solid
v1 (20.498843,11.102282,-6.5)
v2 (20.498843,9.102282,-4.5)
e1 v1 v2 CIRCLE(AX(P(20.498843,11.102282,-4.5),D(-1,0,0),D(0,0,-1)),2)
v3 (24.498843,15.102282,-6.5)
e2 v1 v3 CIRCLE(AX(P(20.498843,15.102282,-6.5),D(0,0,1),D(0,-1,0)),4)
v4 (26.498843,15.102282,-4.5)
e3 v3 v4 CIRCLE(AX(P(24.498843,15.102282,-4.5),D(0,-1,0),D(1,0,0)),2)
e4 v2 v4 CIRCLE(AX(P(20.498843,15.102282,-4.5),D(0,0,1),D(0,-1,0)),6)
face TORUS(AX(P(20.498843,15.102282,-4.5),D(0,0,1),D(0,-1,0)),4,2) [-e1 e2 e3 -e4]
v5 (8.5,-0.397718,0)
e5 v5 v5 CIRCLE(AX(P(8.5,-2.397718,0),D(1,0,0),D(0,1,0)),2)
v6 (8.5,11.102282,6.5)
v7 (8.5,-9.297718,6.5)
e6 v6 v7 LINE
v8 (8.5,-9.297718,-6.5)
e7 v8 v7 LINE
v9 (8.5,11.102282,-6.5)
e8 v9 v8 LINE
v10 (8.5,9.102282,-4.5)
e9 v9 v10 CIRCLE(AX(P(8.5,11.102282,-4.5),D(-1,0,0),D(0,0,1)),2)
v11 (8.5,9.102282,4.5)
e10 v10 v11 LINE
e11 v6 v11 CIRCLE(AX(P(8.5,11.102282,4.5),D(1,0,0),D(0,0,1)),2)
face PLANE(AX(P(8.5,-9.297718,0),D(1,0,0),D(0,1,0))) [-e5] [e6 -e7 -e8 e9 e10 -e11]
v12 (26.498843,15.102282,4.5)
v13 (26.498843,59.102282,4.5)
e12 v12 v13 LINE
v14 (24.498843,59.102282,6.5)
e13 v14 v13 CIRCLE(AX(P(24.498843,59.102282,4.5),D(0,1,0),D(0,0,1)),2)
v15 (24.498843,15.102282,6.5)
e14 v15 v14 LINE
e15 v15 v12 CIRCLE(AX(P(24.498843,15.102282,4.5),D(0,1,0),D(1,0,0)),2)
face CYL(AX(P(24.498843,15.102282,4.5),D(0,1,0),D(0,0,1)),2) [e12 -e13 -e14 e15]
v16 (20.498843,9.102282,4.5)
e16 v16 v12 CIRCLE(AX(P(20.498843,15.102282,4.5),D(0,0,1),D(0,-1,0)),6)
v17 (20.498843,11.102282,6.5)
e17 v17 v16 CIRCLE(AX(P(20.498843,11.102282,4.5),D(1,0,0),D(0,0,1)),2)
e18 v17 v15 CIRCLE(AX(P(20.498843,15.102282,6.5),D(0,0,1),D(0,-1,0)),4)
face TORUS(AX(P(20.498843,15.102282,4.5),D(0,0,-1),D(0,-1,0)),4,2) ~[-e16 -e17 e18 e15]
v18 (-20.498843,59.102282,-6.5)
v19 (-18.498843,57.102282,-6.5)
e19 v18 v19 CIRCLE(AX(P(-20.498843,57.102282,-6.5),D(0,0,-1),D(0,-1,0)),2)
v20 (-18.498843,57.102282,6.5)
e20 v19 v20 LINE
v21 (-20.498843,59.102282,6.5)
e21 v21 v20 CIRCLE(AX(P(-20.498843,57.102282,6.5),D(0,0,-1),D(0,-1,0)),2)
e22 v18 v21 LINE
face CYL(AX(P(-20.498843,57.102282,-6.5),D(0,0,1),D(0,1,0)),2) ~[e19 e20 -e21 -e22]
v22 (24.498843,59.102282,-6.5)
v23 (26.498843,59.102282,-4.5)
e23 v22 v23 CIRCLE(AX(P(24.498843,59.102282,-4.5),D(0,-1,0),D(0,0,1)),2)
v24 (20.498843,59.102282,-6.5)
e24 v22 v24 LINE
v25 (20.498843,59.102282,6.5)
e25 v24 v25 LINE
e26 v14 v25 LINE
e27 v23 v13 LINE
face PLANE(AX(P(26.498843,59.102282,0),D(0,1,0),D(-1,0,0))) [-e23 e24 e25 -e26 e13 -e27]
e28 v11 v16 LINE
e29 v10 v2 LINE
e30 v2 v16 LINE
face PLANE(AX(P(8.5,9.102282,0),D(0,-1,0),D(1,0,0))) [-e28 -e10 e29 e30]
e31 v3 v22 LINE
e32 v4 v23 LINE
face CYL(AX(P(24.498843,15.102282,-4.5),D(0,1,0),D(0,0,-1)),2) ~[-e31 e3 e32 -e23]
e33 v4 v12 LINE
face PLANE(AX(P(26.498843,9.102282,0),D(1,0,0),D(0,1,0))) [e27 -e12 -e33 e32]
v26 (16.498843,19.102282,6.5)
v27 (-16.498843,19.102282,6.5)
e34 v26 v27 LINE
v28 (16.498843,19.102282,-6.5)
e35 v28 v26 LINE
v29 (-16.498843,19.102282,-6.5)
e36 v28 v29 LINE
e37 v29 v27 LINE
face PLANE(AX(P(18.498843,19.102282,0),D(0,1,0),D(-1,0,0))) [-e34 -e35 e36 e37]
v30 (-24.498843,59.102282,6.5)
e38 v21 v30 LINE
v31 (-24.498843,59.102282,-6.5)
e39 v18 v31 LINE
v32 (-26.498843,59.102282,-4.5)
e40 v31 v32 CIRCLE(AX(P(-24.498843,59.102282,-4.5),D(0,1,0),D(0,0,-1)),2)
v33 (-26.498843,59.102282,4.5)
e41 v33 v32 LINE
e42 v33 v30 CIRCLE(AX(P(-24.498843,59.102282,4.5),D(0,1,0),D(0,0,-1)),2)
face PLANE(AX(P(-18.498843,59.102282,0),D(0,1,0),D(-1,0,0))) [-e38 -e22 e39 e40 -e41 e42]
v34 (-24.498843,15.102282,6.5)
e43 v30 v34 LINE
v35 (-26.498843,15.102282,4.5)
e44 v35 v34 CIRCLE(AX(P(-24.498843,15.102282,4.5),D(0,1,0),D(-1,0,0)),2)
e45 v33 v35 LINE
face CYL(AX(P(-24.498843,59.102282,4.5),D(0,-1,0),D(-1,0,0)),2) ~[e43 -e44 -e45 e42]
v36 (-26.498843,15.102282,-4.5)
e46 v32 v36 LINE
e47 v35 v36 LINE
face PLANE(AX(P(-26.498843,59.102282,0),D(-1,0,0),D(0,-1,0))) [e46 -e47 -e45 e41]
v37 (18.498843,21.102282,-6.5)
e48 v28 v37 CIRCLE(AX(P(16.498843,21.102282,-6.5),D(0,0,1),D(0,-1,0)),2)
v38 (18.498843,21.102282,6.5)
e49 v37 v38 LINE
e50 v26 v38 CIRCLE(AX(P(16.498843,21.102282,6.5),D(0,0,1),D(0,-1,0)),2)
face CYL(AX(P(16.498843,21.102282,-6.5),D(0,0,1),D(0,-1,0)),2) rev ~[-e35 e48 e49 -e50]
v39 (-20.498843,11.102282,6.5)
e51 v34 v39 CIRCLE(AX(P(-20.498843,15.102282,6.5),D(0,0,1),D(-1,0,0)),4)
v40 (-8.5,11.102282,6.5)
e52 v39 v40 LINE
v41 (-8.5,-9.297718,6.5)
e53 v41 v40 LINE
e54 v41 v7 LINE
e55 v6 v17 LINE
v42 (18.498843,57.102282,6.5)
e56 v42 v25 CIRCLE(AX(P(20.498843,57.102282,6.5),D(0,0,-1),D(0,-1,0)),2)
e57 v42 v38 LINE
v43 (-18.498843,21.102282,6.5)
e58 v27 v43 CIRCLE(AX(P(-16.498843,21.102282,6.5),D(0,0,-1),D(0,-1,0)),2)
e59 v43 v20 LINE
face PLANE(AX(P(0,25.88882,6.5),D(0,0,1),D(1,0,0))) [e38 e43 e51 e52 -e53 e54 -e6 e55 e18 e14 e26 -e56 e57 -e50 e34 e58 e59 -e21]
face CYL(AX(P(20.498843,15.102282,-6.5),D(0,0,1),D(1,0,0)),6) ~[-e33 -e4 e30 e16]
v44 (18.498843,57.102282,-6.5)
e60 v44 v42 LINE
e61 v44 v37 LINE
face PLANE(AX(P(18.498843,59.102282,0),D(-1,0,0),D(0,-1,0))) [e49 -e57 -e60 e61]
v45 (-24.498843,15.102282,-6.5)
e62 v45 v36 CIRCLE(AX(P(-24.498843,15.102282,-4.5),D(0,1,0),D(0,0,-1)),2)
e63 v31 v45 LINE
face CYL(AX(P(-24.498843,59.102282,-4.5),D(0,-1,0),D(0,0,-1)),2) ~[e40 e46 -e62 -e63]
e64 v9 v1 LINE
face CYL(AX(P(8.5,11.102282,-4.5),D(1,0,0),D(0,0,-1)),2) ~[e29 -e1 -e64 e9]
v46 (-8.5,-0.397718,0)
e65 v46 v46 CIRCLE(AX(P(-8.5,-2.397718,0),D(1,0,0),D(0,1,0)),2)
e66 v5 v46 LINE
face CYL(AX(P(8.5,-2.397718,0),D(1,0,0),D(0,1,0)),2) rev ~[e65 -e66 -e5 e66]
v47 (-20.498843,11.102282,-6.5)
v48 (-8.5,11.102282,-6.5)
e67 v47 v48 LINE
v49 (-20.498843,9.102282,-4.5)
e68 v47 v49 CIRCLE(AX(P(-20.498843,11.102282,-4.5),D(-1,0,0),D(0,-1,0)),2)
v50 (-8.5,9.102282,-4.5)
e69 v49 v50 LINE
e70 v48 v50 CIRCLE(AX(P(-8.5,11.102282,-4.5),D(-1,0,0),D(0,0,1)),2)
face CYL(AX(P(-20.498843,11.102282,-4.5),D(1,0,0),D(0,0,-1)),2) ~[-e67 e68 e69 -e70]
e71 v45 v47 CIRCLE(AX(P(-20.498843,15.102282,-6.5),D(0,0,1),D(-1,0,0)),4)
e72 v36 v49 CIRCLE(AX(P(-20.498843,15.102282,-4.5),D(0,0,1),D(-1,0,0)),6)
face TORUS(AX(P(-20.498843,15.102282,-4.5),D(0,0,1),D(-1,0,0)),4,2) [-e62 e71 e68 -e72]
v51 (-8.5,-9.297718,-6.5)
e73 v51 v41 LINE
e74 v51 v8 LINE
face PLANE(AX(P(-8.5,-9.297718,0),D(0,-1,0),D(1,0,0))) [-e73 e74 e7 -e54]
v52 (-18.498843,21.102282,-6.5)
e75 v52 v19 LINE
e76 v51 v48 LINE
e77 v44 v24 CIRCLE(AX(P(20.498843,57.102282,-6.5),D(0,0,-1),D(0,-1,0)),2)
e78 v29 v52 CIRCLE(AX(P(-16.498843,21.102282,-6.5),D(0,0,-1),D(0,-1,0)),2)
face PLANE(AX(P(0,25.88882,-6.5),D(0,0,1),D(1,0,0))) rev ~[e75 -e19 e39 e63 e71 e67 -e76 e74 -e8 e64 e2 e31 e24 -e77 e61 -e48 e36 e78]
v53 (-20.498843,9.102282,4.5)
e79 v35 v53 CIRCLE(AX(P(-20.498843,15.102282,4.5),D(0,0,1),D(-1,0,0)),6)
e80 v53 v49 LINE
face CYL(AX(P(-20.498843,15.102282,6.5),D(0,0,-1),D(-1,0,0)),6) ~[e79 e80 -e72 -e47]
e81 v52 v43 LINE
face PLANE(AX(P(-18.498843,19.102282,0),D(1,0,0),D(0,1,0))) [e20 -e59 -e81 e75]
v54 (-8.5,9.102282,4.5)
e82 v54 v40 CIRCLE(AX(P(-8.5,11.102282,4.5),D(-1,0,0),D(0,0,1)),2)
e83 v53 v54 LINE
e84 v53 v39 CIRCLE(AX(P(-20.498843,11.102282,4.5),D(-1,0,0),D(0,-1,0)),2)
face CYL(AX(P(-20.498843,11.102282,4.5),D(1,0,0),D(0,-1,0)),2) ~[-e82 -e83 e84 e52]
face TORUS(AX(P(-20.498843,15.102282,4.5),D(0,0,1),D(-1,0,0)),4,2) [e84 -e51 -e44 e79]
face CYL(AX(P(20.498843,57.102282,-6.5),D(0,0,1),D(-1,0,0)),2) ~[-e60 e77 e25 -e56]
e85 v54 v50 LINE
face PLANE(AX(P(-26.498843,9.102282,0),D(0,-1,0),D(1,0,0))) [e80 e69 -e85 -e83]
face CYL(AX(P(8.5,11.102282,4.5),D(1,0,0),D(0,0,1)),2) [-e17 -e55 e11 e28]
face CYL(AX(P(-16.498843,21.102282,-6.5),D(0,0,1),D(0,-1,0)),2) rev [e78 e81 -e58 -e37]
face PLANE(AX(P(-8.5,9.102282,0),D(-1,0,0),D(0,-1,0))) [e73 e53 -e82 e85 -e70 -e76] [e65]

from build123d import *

# Parameters (mm, degrees)
PAD_DEPTH    = 6.5
SKETCH001_R  = 2
POCKET_DEPTH = 34.999843
FILLET_R     = 2
FILLET001_R  = 2
FILLET002_R  = 6
FILLET003_R  = 2
FILLET004_R  = 2
FILLET005_R  = 2


with BuildPart() as part:
    # Sketch → Pad (new body, symmetric)
    with BuildSketch(Plane.XY):
        Polygon((-8.5, 9.102282), (-8.5, -9.297718), (8.5, -9.297718), (8.5, 9.102282), (26.498843, 9.102282), (26.498843, 59.102282), (18.498843, 59.102282), (18.498843, 19.102282), (-18.498843, 19.102282), (-18.498843, 59.102282), (-26.498843, 59.102282), (-26.498843, 9.102282), align=None)
    extrude(amount=PAD_DEPTH, both=True)

    # Sketch001 → Pocket (cut, through all)
    with BuildSketch(Plane.YZ.offset(8.5)):
        with Locations((-2.397718, 0)):
            Circle(SKETCH001_R)
    extrude(amount=-POCKET_DEPTH, mode=Mode.SUBTRACT)

    # Fillet
    fillet_edges = [part.edges().sort_by_distance(p)[0] for p in [
        (-18.498843, 19.102282, 0),
    ]]
    fillet(fillet_edges, radius=FILLET_R)

    # Fillet001
    fillet001_edges = [part.edges().sort_by_distance(p)[0] for p in [
        (18.498843, 19.102282, 0),
    ]]
    fillet(fillet001_edges, radius=FILLET001_R)

    # Fillet002
    fillet002_edges = [part.edges().sort_by_distance(p)[0] for p in [
        (26.498843, 9.102282, 0),
        (-26.498843, 9.102282, 0),
    ]]
    fillet(fillet002_edges, radius=FILLET002_R)

    # Fillet003
    fillet003_edges = [part.edges().sort_by_distance(p)[0] for p in [
        (-24.741484, 10.859642, 6.5),
        (-26.498843, 37.102282, 6.5),
        (-14.499422, 9.102282, 6.5),
        (-14.499422, 9.102282, -6.5),
        (-24.741484, 10.859642, -6.5),
        (-26.498843, 37.102282, -6.5),
    ]]
    fillet(fillet003_edges, radius=FILLET003_R)

    # Fillet004
    fillet004_edges = [part.edges().sort_by_distance(p)[0] for p in [
        (14.499422, 9.102282, 6.5),
        (24.741484, 10.859642, 6.5),
        (26.498843, 37.102282, 6.5),
        (26.498843, 37.102282, -6.5),
        (24.741484, 10.859642, -6.5),
        (14.499422, 9.102282, -6.5),
    ]]
    fillet(fillet004_edges, radius=FILLET004_R)

    # Fillet005
    fillet005_edges = [part.edges().sort_by_distance(p)[0] for p in [
        (18.498843, 59.102282, 0),
        (-18.498843, 59.102282, 0),
    ]]
    fillet(fillet005_edges, radius=FILLET005_R)


solid = part.part
